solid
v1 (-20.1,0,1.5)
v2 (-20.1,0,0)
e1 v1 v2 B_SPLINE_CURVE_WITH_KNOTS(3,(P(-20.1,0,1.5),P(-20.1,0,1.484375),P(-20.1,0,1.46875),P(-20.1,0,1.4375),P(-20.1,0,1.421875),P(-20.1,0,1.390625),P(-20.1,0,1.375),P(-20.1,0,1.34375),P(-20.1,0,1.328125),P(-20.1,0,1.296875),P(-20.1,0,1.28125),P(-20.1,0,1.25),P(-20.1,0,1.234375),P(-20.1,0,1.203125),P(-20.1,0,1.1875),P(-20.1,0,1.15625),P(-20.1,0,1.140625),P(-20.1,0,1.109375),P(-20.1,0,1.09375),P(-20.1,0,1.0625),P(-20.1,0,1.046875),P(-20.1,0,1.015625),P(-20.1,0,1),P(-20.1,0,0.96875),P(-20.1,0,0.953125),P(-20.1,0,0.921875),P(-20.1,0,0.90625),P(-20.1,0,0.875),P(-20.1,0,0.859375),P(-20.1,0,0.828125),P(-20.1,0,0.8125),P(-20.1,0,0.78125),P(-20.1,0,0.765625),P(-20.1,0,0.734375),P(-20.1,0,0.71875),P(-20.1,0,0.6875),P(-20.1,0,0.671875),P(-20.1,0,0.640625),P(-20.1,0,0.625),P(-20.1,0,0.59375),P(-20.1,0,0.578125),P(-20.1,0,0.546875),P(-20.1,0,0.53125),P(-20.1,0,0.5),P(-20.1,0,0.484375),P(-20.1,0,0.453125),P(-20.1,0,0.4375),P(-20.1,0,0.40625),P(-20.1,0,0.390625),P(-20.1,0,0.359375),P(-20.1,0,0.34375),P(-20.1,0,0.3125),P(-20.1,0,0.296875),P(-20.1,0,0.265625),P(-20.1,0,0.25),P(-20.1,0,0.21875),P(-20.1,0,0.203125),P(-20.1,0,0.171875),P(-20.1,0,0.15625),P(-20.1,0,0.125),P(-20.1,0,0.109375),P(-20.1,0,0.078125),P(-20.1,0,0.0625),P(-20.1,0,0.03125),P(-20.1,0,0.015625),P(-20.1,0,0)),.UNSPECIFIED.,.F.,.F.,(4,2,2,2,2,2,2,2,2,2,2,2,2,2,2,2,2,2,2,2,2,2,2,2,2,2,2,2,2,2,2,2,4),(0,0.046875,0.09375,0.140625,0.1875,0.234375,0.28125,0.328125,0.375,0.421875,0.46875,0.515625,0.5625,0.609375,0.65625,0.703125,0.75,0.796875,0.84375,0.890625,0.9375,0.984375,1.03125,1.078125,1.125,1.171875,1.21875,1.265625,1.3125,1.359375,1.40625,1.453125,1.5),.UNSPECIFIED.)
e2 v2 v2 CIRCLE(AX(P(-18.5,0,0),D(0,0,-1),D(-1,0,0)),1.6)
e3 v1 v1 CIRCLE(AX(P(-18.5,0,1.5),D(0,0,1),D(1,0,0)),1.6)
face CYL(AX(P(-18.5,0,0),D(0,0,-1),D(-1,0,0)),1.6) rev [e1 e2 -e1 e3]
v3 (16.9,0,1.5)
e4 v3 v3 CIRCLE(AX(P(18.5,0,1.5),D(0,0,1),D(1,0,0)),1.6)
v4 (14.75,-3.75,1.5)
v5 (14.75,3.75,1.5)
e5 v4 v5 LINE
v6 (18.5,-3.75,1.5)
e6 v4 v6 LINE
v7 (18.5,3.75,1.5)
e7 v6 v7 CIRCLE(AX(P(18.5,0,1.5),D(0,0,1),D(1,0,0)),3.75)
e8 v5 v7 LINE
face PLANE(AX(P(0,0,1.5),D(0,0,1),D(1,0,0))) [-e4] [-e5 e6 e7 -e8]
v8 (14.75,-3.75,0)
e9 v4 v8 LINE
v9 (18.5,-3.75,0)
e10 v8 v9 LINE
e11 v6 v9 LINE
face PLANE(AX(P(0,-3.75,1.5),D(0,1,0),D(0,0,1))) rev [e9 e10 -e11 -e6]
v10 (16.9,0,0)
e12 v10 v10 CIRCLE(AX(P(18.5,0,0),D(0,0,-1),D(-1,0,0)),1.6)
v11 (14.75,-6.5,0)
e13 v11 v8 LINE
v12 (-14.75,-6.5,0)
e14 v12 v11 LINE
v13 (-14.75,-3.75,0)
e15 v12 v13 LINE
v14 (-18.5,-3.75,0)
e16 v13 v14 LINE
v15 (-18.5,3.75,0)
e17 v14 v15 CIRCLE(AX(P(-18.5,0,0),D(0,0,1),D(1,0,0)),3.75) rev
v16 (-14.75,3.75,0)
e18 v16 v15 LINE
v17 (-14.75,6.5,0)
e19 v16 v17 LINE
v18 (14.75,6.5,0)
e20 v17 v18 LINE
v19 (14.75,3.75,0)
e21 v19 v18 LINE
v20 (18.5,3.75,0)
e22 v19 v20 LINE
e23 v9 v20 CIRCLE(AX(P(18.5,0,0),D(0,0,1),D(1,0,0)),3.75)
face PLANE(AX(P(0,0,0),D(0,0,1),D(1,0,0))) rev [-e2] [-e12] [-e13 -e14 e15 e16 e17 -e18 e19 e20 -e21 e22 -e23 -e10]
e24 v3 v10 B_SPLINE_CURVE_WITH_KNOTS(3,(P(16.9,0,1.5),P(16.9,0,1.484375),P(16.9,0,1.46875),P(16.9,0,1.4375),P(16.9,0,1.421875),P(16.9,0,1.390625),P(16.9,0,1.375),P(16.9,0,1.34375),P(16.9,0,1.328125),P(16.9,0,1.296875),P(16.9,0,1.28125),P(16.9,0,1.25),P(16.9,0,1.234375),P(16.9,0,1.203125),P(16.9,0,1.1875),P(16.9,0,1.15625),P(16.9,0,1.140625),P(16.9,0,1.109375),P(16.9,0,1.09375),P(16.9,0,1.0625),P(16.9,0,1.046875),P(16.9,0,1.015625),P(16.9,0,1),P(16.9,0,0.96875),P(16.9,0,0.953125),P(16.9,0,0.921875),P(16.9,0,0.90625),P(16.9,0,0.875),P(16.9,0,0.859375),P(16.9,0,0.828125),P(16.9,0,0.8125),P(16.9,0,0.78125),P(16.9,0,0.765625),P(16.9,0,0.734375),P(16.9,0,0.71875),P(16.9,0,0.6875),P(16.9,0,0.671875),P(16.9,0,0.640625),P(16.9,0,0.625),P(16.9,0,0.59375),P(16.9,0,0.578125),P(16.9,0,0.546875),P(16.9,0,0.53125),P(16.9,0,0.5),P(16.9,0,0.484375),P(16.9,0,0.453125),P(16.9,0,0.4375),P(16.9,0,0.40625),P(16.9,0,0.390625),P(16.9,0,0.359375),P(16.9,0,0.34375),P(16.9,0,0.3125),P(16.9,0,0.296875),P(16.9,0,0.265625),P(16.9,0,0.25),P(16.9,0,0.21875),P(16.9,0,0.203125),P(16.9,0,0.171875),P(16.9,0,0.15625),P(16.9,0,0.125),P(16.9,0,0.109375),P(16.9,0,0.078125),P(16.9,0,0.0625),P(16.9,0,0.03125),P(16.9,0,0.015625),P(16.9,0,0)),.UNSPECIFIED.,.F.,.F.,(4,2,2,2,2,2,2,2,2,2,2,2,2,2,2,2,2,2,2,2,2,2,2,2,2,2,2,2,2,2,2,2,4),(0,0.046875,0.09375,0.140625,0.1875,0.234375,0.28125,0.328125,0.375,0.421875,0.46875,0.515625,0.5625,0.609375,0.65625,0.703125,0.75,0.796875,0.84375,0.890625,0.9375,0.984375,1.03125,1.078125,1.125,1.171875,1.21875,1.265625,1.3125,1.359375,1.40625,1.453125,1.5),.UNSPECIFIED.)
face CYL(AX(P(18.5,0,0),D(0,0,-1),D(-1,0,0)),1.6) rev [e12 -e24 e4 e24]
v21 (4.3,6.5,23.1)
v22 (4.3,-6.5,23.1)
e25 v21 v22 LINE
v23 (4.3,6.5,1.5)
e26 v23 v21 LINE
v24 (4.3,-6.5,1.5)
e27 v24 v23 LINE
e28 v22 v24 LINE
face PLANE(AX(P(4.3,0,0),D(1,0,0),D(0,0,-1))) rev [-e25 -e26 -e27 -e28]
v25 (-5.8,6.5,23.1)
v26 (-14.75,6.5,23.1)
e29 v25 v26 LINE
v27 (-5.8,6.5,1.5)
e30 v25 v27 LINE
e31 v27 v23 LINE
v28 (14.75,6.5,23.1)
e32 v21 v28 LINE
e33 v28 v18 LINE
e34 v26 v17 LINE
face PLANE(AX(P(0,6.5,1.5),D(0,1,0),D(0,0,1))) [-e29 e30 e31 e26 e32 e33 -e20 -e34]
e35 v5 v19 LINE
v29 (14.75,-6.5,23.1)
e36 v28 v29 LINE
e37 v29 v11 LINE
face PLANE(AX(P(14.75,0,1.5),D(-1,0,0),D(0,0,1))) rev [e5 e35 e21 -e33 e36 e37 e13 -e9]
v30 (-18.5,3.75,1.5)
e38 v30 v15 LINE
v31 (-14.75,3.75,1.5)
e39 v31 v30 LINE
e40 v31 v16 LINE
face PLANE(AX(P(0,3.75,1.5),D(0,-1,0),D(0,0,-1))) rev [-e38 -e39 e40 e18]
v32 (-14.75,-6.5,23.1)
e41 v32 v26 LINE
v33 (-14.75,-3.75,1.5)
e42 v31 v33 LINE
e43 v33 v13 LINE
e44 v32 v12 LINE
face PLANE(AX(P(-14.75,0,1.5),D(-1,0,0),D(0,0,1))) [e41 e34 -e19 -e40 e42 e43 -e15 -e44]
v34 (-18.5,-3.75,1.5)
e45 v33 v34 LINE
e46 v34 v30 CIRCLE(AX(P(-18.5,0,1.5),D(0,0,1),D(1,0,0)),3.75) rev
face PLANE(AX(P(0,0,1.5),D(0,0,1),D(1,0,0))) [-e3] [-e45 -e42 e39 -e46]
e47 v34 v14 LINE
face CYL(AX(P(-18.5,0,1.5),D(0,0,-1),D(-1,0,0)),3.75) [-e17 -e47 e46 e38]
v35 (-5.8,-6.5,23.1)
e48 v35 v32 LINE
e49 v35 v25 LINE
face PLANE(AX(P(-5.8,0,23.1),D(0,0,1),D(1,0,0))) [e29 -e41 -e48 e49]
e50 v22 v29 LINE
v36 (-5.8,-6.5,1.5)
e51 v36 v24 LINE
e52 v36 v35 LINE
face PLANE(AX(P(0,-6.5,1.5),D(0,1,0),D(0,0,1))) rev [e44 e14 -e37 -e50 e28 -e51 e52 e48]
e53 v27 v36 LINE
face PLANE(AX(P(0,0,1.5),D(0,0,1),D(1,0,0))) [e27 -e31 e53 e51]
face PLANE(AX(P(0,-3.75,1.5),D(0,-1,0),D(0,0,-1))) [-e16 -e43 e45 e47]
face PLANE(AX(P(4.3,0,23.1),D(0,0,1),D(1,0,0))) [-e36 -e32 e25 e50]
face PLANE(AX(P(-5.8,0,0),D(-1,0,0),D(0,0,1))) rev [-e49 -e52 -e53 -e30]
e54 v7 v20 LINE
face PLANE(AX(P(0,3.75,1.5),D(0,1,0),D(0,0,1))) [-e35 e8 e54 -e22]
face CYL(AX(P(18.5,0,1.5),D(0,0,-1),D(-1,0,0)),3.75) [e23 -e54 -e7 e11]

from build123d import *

# Parameters (mm, degrees)
BACK_PLATE_DEPTH               = 1.5
DETECTOR_START                 = 14.75
SKETCH2_W                      = 21.6
SKETCH2_H                      = 13
DETECTOR_SIDE_DEPTH            = 10.45
EMITTER_START                  = -14.75
SKETCH2_2_W                    = 21.6
SKETCH2_2_H                    = 13
EMITTER_SIDE_DEPTH             = 8.95
F_3_2_3_2_DIAMETER_HOLE1_D     = 3.2
F_3_2_3_2_DIAMETER_HOLE1_DEPTH = 4
F_3_2_3_2_DIAMETER_HOLE1_TIP   = 0.96137699


with BuildPart() as part:
    # Sketch1 → Back Plate (new body)
    with BuildSketch(Plane.XY):
        with BuildLine():
            ThreePointArc((-18.5, -3.75), (-15.848349571, -2.651650429), (-14.75, 0))
            ThreePointArc((-14.75, 0), (-15.848349571, 2.651650429), (-18.5, 3.75))
            Line((-18.5, 3.75), (-18.5, -3.75))
        make_face()
        with BuildLine():
            ThreePointArc((-18.5, 3.75), (-22.25, 0), (-18.5, -3.75))
            Line((-18.5, -3.75), (-18.5, 3.75))
        make_face()
        with BuildLine():
            ThreePointArc((-18.5, 3.75), (-15.848349571, 2.651650429), (-14.75, 0))
            Line((-14.75, 0), (-14.75, 3.75))
            Line((-14.75, 3.75), (-18.5, 3.75))
        make_face()
        with BuildLine():
            Line((-18.5, -3.75), (-14.75, -3.75))
            Line((-14.75, -3.75), (-14.75, 0))
            ThreePointArc((-14.75, 0), (-15.848349571, -2.651650429), (-18.5, -3.75))
        make_face()
        Polygon((-14.75, -3.75), (-14.75, -6.5), (14.75, -6.5), (14.75, -3.75), (14.75, 4e-09), (14.75, 3.75), (14.75, 6.5), (-14.75, 6.5), (-14.75, 3.75), (-14.75, 0), align=None)
        with BuildLine():
            Line((14.75, 4e-09), (14.75, -3.75))
            Line((14.75, -3.75), (18.5, -3.75))
            ThreePointArc((18.5, -3.75), (15.848349569, -2.651650428), (14.75, 4e-09))
        make_face()
        with BuildLine():
            Line((14.75, 3.75), (14.75, 4e-09))
            ThreePointArc((14.75, 4e-09), (15.848349572, 2.651650431), (18.5, 3.75))
            Line((18.5, 3.75), (14.75, 3.75))
        make_face()
        with BuildLine():
            ThreePointArc((18.5, 3.75), (15.848349572, 2.651650431), (14.75, 4e-09))
            ThreePointArc((14.75, 4e-09), (15.848349569, -2.651650428), (18.5, -3.75))
            Line((18.5, -3.75), (18.5, 3.75))
        make_face()
        with BuildLine():
            Line((18.5, 3.75), (18.5, -3.75))
            ThreePointArc((18.5, -3.75), (21.151650429, -2.651650429), (22.25, 0))
            ThreePointArc((22.25, 0), (21.151650429, 2.651650429), (18.5, 3.75))
        make_face()
    extrude(amount=BACK_PLATE_DEPTH)

    # Sketch2 → Detector Side (add)
    with BuildSketch(Plane(origin=(0, 0, 0), x_dir=(0, 0, -1), z_dir=(1, 0, 0)).offset(DETECTOR_START)):
        with Locations((-12.3, 0)):
            Rectangle(SKETCH2_W, SKETCH2_H)
    extrude(amount=-DETECTOR_SIDE_DEPTH)

    # Sketch2<2> → Emitter Side (add)
    with BuildSketch(Plane(origin=(0, 0, 0), x_dir=(0, 0, -1), z_dir=(1, 0, 0)).offset(EMITTER_START)):
        with Locations((-12.3, 0)):
            Rectangle(SKETCH2_2_W, SKETCH2_2_H)
    extrude(amount=EMITTER_SIDE_DEPTH)

    # Ø3.2 (3.2) Diameter Hole1
    with Locations(Plane(origin=(0, 0, 0), x_dir=(-1, 0, 0), z_dir=(0, 0, -1))):
        with Locations((-18.5, 0), (18.5, 0)):
            Hole(F_3_2_3_2_DIAMETER_HOLE1_D / 2, depth=F_3_2_3_2_DIAMETER_HOLE1_DEPTH)
            with Locations((0, 0, -(F_3_2_3_2_DIAMETER_HOLE1_DEPTH + F_3_2_3_2_DIAMETER_HOLE1_TIP / 2))):  # 118° drill point
                Cone(0, F_3_2_3_2_DIAMETER_HOLE1_D / 2, F_3_2_3_2_DIAMETER_HOLE1_TIP, mode=Mode.SUBTRACT)


solid = part.part
